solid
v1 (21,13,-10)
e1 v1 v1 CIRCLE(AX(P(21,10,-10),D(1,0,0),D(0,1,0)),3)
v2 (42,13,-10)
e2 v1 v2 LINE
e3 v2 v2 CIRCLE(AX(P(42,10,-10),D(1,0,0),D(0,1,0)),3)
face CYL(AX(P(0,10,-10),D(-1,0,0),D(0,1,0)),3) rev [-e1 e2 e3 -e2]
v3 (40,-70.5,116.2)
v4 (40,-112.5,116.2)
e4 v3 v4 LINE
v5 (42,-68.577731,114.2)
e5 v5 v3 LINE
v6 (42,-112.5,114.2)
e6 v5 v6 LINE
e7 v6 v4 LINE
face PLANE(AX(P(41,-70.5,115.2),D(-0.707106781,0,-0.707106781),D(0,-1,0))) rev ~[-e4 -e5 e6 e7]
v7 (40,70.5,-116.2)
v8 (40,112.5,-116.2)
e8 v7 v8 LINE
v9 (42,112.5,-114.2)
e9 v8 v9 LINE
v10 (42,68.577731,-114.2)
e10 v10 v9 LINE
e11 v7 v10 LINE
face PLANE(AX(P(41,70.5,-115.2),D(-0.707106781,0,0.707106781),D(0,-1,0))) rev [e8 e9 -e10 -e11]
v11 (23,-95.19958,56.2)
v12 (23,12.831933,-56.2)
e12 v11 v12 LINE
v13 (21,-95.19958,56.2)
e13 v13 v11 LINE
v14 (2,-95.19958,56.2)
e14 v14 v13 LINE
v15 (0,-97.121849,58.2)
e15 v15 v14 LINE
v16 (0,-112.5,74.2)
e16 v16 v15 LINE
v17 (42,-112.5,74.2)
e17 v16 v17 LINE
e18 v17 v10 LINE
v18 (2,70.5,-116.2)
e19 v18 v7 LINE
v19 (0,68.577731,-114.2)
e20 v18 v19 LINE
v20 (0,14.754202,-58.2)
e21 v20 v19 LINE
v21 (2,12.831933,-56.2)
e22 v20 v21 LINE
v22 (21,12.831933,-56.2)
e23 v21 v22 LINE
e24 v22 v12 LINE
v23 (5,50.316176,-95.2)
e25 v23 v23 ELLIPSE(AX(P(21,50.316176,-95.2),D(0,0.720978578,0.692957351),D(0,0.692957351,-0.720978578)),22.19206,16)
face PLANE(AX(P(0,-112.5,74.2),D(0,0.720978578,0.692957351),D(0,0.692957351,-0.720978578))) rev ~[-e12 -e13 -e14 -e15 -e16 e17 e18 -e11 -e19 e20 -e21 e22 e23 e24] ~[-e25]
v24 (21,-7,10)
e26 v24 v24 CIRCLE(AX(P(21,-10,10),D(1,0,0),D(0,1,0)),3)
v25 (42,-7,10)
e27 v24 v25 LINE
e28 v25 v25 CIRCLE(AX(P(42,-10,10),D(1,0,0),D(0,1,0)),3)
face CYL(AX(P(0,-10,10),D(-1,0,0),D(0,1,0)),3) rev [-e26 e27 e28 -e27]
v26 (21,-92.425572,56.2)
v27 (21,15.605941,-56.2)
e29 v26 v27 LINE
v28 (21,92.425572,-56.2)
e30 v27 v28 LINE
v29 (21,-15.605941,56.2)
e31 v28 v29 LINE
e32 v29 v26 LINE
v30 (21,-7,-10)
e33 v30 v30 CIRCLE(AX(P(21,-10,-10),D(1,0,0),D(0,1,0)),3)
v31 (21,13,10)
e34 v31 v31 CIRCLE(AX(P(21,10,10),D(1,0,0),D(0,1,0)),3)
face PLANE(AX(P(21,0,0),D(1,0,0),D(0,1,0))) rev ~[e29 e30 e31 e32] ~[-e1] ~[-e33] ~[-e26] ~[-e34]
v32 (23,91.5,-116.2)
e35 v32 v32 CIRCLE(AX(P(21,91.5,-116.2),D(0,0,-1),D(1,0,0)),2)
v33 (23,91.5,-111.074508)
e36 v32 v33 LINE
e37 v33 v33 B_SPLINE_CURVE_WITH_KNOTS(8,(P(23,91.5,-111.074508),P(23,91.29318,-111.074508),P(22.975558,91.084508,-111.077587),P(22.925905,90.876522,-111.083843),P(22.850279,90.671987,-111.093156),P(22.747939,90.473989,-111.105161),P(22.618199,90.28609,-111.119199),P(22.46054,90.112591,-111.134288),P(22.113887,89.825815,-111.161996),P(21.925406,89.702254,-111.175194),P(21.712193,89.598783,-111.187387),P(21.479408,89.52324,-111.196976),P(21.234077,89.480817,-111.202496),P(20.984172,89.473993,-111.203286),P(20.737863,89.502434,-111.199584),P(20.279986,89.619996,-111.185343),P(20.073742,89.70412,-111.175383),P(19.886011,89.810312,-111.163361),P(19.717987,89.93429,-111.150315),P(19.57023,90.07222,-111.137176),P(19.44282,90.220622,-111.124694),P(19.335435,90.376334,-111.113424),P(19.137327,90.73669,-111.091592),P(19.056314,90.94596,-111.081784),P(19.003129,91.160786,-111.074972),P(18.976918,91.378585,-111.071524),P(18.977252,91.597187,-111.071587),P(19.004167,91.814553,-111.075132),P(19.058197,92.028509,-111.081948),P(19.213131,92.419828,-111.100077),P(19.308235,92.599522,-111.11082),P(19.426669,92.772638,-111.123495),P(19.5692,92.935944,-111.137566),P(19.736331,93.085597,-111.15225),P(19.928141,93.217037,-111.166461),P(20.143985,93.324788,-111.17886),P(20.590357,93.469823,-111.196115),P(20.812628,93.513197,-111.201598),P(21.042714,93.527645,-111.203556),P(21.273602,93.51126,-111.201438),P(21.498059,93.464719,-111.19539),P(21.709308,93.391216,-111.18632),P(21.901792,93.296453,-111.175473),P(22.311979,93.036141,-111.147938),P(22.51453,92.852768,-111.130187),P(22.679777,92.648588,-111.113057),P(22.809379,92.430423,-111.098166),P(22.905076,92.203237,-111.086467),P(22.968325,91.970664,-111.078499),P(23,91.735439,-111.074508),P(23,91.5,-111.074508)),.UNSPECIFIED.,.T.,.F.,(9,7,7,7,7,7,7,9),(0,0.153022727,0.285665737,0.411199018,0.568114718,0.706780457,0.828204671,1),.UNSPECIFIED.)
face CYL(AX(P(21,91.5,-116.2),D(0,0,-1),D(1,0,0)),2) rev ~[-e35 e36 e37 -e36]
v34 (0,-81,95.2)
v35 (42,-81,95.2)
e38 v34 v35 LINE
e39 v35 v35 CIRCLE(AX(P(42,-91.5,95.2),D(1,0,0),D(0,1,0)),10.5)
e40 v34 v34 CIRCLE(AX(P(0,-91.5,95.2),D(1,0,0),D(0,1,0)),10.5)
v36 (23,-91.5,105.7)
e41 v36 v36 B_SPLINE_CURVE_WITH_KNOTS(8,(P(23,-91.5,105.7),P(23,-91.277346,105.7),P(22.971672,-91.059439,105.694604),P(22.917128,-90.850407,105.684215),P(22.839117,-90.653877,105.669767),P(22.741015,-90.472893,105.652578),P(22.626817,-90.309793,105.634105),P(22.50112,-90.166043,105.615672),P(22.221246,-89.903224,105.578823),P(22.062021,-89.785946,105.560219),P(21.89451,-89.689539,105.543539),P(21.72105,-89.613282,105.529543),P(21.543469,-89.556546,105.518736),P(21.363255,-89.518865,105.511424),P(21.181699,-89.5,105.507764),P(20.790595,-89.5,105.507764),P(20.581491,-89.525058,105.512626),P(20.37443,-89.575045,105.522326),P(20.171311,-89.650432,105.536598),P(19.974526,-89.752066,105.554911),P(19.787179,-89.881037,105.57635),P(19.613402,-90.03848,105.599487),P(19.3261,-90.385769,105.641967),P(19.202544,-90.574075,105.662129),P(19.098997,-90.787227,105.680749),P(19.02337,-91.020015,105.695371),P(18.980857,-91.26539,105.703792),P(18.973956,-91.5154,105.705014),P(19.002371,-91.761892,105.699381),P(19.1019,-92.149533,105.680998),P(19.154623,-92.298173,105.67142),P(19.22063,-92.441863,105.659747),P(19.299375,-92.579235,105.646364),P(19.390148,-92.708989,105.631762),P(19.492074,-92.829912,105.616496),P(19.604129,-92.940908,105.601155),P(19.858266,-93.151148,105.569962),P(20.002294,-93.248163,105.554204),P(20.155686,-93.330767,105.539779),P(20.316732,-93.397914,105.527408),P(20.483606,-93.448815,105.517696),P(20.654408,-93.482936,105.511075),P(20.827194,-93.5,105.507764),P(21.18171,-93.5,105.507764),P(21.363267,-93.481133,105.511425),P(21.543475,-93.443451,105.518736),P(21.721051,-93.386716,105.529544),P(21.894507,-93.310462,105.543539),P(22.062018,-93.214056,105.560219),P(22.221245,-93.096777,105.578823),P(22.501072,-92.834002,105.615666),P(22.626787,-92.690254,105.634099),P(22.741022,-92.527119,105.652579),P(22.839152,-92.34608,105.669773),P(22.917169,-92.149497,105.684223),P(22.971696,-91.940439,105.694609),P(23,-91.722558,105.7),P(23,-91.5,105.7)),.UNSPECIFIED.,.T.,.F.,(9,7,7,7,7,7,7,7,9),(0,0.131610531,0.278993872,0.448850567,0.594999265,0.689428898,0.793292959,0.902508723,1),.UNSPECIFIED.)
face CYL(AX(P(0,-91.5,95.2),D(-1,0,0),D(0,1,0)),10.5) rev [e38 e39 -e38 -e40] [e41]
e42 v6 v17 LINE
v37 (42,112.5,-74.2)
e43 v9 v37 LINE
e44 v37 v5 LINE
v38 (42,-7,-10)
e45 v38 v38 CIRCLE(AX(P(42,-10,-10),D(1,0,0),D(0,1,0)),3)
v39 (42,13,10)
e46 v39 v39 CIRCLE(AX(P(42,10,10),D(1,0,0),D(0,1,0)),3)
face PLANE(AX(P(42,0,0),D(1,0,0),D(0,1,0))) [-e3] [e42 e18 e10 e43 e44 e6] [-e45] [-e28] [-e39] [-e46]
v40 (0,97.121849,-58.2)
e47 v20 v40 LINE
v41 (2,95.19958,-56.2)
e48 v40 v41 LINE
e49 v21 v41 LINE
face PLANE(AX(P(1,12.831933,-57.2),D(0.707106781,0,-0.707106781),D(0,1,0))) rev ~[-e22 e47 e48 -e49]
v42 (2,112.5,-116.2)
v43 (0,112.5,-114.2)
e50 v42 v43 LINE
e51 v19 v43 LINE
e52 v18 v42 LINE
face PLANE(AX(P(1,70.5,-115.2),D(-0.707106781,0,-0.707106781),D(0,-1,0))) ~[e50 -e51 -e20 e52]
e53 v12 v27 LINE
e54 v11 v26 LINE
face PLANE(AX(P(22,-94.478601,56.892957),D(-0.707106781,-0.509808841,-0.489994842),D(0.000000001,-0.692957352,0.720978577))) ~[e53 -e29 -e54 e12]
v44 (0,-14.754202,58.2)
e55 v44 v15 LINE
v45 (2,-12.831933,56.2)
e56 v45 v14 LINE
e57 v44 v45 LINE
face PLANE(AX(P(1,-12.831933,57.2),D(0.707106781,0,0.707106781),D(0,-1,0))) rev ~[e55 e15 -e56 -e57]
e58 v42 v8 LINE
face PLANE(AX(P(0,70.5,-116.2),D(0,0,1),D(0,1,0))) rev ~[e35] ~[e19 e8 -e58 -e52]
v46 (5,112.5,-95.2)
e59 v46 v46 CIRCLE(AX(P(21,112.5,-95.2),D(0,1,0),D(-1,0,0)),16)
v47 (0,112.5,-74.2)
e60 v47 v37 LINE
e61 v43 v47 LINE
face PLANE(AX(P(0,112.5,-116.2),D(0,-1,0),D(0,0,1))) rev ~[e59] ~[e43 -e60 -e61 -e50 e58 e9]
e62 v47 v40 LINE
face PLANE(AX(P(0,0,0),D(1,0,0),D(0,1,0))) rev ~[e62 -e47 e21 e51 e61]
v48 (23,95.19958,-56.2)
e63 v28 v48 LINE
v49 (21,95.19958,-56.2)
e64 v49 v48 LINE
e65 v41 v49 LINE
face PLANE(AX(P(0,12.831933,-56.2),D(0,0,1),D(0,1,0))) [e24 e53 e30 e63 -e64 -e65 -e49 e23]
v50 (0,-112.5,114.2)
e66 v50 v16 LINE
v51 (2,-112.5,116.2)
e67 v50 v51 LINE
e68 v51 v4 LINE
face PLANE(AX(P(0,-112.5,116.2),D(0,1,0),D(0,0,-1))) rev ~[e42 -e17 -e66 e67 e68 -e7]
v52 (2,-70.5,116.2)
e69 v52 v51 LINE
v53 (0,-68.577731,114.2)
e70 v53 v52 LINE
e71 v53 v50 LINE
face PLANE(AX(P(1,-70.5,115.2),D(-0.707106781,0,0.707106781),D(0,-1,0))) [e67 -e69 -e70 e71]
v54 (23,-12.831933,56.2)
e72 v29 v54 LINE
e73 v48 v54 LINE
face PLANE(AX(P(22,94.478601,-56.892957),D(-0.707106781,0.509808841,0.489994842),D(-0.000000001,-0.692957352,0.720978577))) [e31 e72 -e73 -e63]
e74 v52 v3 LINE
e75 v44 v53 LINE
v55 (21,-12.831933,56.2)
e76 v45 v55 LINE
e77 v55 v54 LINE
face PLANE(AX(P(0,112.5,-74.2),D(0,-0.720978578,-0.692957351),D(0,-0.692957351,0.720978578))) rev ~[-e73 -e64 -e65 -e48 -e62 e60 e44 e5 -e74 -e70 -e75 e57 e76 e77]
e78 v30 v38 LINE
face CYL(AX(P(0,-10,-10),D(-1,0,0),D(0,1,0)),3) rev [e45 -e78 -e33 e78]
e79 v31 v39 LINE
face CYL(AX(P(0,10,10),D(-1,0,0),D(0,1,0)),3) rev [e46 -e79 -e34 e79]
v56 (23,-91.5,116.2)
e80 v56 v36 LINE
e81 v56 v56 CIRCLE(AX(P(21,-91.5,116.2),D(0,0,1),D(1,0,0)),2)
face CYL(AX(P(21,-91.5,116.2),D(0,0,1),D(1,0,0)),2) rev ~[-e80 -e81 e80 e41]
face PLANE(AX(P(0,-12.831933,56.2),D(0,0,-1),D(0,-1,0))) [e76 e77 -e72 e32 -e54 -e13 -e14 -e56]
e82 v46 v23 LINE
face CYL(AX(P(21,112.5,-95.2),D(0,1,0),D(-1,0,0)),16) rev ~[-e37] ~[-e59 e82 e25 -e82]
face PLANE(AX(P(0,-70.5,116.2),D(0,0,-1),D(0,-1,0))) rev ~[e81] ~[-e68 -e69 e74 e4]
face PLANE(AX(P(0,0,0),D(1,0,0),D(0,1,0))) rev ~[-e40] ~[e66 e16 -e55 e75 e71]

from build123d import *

# Parameters (mm, degrees)
F0_R      = 3
F0_R_2    = 10.5
F1_DEPTH  = 42
F2_R      = 3
F3_DEPTH  = 21
F4_R      = 16
F5_DEPTH  = 85
F6_SIZE   = 2
F7_R      = 2
F8_DEPTH  = 25
F9_R      = 2
F10_DEPTH = 25


with BuildPart() as f1:
    # F0 (on Right) → F1 (new body)
    with BuildSketch(Plane.YZ):
        Polygon((70.5, -116.2), (112.5, -116.2), (112.5, -74.2), (-70.5, 116.2), (-112.5, 116.2), (-112.5, 74.2), align=None)
        with Locations((-10, -10)):
            Circle(F0_R, mode=Mode.SUBTRACT)
        with Locations((10, -10)):
            Circle(F0_R, mode=Mode.SUBTRACT)
        with Locations((-10, 10)):
            Circle(F0_R, mode=Mode.SUBTRACT)
        with Locations((-91.5, 95.2)):
            Circle(F0_R_2, mode=Mode.SUBTRACT)
        with Locations((10, 10)):
            Circle(F0_R, mode=Mode.SUBTRACT)
    extrude(amount=F1_DEPTH)

    # F2 (on face) → F3 (cut)
    with BuildSketch(Plane.YZ):
        Polygon((12.831933, -56.2), (95.19958, -56.2), (-12.831933, 56.2), (-95.19958, 56.2), align=None)
        with Locations((-10, -10)):
            Circle(F2_R, mode=Mode.SUBTRACT)
        with Locations((10, -10)):
            Circle(F2_R, mode=Mode.SUBTRACT)
        with Locations((-10, 10)):
            Circle(F2_R, mode=Mode.SUBTRACT)
        with Locations((10, 10)):
            Circle(F2_R, mode=Mode.SUBTRACT)
    extrude(amount=F3_DEPTH, mode=Mode.SUBTRACT)

    # F4 (on face) → F5 (cut)
    with BuildSketch(Plane(origin=(0, 112.5, 0), x_dir=(-1, 0, 0), z_dir=(0, 1, 0))):
        with Locations((-21, -95.2)):
            Circle(F4_R)
    extrude(amount=-F5_DEPTH, mode=Mode.SUBTRACT)

    # F6
    f6_edges = [f1.edges().sort_by_distance(p)[0] for p in [
        (21, 41.183824, 0),
        (21, -41.183824, 0),
        (0, -54.015756, 56.2),
        (0, -91.5, 116.2),
        (0, 91.5, -116.2),
        (0, 54.015756, -56.2),
        (42, 91.5, -116.2),
        (42, -91.5, 116.2),
    ]]
    chamfer(f6_edges, length=F6_SIZE)

    # F7 (on face) → F8 (cut)
    with BuildSketch(Plane.XY.offset(116.2)):
        with Locations((21, -91.5)):
            Circle(F7_R)
    extrude(amount=-F8_DEPTH, mode=Mode.SUBTRACT)

    # F9 (on face) → F10 (cut)
    with BuildSketch(Plane(origin=(0, 0, -116.2), x_dir=(1, 0, 0), z_dir=(0, 0, -1))):
        with Locations((21, -91.5)):
            Circle(F9_R)
    extrude(amount=-F10_DEPTH, mode=Mode.SUBTRACT)


solid = f1.part
